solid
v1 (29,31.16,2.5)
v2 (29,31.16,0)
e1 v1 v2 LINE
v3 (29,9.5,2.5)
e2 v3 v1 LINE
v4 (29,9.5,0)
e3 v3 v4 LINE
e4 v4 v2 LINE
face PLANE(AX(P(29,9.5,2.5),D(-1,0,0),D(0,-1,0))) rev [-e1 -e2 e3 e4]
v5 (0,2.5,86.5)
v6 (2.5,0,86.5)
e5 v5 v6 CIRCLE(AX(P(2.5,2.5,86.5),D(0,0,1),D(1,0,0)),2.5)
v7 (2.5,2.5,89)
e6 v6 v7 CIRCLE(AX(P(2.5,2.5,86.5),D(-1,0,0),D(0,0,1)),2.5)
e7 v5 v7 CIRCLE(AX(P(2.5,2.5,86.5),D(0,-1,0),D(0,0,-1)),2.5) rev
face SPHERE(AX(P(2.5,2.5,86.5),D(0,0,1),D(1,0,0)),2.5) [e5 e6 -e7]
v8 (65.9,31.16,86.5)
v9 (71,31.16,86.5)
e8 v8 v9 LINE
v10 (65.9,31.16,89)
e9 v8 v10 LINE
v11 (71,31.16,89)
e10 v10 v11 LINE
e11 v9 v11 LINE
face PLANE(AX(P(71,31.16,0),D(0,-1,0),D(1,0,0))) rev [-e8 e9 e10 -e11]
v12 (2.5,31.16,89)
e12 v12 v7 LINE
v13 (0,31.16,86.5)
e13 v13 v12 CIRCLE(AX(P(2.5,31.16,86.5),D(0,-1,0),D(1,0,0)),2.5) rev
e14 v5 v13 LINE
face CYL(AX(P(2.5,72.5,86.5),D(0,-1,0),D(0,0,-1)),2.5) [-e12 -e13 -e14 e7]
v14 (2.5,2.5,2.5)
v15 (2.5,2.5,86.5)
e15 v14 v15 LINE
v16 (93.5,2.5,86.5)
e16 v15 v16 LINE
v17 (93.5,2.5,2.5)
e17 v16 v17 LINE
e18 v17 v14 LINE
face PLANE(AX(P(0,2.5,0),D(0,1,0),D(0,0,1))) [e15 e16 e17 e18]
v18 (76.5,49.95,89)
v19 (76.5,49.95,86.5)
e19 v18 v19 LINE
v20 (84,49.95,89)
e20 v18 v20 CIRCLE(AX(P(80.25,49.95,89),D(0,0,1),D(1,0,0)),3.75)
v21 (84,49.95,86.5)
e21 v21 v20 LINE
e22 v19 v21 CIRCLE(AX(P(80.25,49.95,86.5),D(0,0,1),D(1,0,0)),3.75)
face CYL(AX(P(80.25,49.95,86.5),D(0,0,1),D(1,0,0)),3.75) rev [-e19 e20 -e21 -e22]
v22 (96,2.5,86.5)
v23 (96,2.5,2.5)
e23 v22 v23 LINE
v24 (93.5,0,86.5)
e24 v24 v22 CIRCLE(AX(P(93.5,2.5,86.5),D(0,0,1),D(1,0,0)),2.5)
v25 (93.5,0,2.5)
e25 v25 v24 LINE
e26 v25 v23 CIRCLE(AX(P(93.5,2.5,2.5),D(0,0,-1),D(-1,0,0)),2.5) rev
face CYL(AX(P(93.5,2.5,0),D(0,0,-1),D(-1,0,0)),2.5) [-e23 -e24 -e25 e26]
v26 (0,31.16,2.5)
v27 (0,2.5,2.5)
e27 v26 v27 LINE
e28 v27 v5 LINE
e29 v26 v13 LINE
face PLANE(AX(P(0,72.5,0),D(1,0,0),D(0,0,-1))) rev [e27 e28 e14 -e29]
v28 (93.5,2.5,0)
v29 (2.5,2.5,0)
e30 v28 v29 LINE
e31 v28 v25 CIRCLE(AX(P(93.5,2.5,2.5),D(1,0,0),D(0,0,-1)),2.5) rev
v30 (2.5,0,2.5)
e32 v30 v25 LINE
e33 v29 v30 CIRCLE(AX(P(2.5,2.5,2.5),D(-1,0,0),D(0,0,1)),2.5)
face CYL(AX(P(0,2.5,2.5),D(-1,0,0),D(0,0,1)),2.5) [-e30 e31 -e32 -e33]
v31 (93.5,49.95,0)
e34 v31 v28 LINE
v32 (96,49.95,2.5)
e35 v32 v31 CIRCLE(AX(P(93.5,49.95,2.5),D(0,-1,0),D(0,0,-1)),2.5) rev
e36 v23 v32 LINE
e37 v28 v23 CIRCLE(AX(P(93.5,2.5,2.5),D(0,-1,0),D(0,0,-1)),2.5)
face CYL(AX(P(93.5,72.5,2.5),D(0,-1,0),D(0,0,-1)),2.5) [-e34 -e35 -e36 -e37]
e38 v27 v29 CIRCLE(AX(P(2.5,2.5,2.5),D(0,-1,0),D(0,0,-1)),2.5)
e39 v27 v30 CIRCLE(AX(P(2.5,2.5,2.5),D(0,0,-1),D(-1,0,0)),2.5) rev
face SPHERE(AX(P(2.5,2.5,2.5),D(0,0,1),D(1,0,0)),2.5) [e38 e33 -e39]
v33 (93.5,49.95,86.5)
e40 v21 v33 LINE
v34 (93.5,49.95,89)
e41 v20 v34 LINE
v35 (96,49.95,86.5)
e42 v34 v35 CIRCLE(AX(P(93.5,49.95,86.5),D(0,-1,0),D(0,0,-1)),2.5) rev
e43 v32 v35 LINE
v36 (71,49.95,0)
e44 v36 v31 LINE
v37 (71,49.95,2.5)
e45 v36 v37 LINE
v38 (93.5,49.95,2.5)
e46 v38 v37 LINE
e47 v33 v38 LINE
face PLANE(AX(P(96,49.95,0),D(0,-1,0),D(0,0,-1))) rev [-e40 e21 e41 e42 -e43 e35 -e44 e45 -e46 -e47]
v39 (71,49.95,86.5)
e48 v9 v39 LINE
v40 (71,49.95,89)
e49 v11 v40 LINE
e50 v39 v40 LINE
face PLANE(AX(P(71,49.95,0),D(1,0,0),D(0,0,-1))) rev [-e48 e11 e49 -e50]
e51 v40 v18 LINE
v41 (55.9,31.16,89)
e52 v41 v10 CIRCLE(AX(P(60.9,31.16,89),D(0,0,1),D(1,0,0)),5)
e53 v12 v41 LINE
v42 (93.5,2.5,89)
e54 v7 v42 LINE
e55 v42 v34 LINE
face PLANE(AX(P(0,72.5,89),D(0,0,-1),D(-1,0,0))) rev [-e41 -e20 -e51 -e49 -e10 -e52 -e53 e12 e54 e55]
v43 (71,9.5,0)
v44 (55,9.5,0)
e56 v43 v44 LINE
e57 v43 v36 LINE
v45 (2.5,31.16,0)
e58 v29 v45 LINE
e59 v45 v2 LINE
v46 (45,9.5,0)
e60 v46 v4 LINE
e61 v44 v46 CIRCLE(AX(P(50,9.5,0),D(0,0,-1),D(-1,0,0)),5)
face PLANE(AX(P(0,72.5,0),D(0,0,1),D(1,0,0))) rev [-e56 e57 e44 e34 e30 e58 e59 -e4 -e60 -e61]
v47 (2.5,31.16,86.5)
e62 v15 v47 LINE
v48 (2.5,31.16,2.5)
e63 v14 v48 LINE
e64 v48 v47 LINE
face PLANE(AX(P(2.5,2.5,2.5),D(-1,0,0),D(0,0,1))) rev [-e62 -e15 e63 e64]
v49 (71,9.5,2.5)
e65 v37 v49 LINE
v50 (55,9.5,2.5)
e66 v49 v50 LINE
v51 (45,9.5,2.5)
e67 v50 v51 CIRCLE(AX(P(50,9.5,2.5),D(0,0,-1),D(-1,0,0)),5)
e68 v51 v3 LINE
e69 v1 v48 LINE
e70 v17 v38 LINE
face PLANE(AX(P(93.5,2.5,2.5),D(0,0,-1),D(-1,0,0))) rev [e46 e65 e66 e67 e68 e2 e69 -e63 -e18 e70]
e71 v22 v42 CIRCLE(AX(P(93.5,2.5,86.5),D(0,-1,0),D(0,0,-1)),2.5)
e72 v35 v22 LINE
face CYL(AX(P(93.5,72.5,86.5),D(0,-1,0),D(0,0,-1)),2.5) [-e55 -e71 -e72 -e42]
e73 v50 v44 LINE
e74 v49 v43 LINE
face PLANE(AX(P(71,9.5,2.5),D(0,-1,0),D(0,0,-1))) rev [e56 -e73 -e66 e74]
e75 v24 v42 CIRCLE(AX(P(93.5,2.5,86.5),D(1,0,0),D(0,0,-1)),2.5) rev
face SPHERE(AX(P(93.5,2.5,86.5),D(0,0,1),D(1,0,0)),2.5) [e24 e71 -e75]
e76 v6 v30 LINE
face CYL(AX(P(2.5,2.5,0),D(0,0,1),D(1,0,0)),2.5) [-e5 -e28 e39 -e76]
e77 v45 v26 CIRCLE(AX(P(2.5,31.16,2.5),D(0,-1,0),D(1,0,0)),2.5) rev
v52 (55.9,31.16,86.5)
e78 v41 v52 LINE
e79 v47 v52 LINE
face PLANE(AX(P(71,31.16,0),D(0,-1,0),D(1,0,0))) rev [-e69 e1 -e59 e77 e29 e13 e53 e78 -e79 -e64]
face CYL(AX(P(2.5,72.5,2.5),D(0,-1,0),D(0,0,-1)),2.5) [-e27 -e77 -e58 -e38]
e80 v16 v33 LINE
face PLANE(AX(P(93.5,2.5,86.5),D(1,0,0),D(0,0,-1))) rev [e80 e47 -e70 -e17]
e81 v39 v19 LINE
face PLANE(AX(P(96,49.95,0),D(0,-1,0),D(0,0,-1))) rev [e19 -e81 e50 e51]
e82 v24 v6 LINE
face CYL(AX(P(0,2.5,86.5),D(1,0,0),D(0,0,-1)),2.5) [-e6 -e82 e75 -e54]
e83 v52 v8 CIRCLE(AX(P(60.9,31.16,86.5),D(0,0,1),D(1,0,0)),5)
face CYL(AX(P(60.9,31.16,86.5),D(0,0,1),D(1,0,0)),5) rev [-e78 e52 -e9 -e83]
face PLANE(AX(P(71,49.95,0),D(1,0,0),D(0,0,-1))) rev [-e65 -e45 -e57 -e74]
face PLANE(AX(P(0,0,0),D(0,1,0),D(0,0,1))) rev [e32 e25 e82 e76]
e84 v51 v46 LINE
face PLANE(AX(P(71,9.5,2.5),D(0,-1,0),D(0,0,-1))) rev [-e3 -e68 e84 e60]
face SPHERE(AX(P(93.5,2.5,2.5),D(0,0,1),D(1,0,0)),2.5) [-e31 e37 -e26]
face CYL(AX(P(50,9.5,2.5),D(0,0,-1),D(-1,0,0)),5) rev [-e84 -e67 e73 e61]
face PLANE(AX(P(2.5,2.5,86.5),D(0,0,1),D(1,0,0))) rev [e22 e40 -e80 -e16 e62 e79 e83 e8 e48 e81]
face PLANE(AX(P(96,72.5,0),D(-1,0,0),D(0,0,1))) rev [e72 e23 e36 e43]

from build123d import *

# Parameters (mm, degrees)
SKETCH1_W           = 96
SKETCH1_H           = 89
BOSS_EXTRUDE1_DEPTH = 72.5
SKETCH3_W           = 91
SKETCH3_H           = 84
CUT_EXTRUDE1_DEPTH  = 70
CUT_EXTRUDE5_DEPTH  = 90
SKETCH7_R           = 3.75
SKETCH7_R_2         = 5
CUT_EXTRUDE6_DEPTH  = 2.5
SKETCH8_W           = 42
SKETCH8_H           = 21.66
CUT_EXTRUDE7_DEPTH  = 2.5
CUT_EXTRUDE8_DEPTH  = 2.5
FILLET1_R           = 2.5


with BuildPart() as part:
    # Sketch1 → Boss-Extrude1 (new body)
    with BuildSketch(Plane(origin=(0, 0, 0), x_dir=(1, 0, 0), z_dir=(0, 1, 0))):
        with Locations((48, -44.5)):
            Rectangle(SKETCH1_W, SKETCH1_H)
    extrude(amount=BOSS_EXTRUDE1_DEPTH)

    # Sketch3 → Cut-Extrude1 (cut)
    with BuildSketch(Plane(origin=(0, 72.5, 0), x_dir=(1, 0, 0), z_dir=(0, 1, 0))):
        with Locations((48, -44.5)):
            Rectangle(SKETCH3_W, SKETCH3_H)
    extrude(amount=-CUT_EXTRUDE1_DEPTH, mode=Mode.SUBTRACT)

    # Sketch5 → Cut-Extrude5 (cut, through all)
    with BuildSketch(Plane.XY.offset(89)):
        Polygon((0, 31.16), (0, 72.5), (96, 72.5), (96, 49.95), (80.25, 49.95), (71, 49.95), (71, 31.16), align=None)
    extrude(amount=-CUT_EXTRUDE5_DEPTH, mode=Mode.SUBTRACT)

    # Sketch7 → Cut-Extrude6 (cut)
    with BuildSketch(Plane.XY.offset(89)):
        with Locations((80.25, 49.95)):
            Circle(SKETCH7_R)
        with Locations((60.9, 31.16)):
            Circle(SKETCH7_R_2)
    extrude(amount=-CUT_EXTRUDE6_DEPTH, mode=Mode.SUBTRACT)

    # Sketch8 → Cut-Extrude7 (cut)
    with BuildSketch(Plane(origin=(0, 0, 0), x_dir=(-1, 0, 0), z_dir=(0, 0, -1))):
        with Locations((-50, 20.33)):
            Rectangle(SKETCH8_W, SKETCH8_H)
    extrude(amount=-CUT_EXTRUDE7_DEPTH, mode=Mode.SUBTRACT)

    # Sketch9 → Cut-Extrude8 (cut)
    with BuildSketch(Plane(origin=(0, 0, 0), x_dir=(-1, 0, 0), z_dir=(0, 0, -1))):
        with BuildLine():
            Line((-55, 9.5), (-45, 9.5))
            ThreePointArc((-45, 9.5), (-50, 4.5), (-55, 9.5))
        make_face()
    extrude(amount=-CUT_EXTRUDE8_DEPTH, mode=Mode.SUBTRACT)

    # Fillet1
    fillet1_edges = [part.edges().sort_by_distance(p)[0] for p in [
        (0, 15.58, 0),
        (96, 24.975, 0),
        (96, 24.975, 89),
        (0, 15.58, 89),
        (48, 0, 0),
        (96, 0, 44.5),
        (48, 0, 89),
        (0, 0, 44.5),
    ]]
    fillet(fillet1_edges, radius=FILLET1_R)


solid = part.part
